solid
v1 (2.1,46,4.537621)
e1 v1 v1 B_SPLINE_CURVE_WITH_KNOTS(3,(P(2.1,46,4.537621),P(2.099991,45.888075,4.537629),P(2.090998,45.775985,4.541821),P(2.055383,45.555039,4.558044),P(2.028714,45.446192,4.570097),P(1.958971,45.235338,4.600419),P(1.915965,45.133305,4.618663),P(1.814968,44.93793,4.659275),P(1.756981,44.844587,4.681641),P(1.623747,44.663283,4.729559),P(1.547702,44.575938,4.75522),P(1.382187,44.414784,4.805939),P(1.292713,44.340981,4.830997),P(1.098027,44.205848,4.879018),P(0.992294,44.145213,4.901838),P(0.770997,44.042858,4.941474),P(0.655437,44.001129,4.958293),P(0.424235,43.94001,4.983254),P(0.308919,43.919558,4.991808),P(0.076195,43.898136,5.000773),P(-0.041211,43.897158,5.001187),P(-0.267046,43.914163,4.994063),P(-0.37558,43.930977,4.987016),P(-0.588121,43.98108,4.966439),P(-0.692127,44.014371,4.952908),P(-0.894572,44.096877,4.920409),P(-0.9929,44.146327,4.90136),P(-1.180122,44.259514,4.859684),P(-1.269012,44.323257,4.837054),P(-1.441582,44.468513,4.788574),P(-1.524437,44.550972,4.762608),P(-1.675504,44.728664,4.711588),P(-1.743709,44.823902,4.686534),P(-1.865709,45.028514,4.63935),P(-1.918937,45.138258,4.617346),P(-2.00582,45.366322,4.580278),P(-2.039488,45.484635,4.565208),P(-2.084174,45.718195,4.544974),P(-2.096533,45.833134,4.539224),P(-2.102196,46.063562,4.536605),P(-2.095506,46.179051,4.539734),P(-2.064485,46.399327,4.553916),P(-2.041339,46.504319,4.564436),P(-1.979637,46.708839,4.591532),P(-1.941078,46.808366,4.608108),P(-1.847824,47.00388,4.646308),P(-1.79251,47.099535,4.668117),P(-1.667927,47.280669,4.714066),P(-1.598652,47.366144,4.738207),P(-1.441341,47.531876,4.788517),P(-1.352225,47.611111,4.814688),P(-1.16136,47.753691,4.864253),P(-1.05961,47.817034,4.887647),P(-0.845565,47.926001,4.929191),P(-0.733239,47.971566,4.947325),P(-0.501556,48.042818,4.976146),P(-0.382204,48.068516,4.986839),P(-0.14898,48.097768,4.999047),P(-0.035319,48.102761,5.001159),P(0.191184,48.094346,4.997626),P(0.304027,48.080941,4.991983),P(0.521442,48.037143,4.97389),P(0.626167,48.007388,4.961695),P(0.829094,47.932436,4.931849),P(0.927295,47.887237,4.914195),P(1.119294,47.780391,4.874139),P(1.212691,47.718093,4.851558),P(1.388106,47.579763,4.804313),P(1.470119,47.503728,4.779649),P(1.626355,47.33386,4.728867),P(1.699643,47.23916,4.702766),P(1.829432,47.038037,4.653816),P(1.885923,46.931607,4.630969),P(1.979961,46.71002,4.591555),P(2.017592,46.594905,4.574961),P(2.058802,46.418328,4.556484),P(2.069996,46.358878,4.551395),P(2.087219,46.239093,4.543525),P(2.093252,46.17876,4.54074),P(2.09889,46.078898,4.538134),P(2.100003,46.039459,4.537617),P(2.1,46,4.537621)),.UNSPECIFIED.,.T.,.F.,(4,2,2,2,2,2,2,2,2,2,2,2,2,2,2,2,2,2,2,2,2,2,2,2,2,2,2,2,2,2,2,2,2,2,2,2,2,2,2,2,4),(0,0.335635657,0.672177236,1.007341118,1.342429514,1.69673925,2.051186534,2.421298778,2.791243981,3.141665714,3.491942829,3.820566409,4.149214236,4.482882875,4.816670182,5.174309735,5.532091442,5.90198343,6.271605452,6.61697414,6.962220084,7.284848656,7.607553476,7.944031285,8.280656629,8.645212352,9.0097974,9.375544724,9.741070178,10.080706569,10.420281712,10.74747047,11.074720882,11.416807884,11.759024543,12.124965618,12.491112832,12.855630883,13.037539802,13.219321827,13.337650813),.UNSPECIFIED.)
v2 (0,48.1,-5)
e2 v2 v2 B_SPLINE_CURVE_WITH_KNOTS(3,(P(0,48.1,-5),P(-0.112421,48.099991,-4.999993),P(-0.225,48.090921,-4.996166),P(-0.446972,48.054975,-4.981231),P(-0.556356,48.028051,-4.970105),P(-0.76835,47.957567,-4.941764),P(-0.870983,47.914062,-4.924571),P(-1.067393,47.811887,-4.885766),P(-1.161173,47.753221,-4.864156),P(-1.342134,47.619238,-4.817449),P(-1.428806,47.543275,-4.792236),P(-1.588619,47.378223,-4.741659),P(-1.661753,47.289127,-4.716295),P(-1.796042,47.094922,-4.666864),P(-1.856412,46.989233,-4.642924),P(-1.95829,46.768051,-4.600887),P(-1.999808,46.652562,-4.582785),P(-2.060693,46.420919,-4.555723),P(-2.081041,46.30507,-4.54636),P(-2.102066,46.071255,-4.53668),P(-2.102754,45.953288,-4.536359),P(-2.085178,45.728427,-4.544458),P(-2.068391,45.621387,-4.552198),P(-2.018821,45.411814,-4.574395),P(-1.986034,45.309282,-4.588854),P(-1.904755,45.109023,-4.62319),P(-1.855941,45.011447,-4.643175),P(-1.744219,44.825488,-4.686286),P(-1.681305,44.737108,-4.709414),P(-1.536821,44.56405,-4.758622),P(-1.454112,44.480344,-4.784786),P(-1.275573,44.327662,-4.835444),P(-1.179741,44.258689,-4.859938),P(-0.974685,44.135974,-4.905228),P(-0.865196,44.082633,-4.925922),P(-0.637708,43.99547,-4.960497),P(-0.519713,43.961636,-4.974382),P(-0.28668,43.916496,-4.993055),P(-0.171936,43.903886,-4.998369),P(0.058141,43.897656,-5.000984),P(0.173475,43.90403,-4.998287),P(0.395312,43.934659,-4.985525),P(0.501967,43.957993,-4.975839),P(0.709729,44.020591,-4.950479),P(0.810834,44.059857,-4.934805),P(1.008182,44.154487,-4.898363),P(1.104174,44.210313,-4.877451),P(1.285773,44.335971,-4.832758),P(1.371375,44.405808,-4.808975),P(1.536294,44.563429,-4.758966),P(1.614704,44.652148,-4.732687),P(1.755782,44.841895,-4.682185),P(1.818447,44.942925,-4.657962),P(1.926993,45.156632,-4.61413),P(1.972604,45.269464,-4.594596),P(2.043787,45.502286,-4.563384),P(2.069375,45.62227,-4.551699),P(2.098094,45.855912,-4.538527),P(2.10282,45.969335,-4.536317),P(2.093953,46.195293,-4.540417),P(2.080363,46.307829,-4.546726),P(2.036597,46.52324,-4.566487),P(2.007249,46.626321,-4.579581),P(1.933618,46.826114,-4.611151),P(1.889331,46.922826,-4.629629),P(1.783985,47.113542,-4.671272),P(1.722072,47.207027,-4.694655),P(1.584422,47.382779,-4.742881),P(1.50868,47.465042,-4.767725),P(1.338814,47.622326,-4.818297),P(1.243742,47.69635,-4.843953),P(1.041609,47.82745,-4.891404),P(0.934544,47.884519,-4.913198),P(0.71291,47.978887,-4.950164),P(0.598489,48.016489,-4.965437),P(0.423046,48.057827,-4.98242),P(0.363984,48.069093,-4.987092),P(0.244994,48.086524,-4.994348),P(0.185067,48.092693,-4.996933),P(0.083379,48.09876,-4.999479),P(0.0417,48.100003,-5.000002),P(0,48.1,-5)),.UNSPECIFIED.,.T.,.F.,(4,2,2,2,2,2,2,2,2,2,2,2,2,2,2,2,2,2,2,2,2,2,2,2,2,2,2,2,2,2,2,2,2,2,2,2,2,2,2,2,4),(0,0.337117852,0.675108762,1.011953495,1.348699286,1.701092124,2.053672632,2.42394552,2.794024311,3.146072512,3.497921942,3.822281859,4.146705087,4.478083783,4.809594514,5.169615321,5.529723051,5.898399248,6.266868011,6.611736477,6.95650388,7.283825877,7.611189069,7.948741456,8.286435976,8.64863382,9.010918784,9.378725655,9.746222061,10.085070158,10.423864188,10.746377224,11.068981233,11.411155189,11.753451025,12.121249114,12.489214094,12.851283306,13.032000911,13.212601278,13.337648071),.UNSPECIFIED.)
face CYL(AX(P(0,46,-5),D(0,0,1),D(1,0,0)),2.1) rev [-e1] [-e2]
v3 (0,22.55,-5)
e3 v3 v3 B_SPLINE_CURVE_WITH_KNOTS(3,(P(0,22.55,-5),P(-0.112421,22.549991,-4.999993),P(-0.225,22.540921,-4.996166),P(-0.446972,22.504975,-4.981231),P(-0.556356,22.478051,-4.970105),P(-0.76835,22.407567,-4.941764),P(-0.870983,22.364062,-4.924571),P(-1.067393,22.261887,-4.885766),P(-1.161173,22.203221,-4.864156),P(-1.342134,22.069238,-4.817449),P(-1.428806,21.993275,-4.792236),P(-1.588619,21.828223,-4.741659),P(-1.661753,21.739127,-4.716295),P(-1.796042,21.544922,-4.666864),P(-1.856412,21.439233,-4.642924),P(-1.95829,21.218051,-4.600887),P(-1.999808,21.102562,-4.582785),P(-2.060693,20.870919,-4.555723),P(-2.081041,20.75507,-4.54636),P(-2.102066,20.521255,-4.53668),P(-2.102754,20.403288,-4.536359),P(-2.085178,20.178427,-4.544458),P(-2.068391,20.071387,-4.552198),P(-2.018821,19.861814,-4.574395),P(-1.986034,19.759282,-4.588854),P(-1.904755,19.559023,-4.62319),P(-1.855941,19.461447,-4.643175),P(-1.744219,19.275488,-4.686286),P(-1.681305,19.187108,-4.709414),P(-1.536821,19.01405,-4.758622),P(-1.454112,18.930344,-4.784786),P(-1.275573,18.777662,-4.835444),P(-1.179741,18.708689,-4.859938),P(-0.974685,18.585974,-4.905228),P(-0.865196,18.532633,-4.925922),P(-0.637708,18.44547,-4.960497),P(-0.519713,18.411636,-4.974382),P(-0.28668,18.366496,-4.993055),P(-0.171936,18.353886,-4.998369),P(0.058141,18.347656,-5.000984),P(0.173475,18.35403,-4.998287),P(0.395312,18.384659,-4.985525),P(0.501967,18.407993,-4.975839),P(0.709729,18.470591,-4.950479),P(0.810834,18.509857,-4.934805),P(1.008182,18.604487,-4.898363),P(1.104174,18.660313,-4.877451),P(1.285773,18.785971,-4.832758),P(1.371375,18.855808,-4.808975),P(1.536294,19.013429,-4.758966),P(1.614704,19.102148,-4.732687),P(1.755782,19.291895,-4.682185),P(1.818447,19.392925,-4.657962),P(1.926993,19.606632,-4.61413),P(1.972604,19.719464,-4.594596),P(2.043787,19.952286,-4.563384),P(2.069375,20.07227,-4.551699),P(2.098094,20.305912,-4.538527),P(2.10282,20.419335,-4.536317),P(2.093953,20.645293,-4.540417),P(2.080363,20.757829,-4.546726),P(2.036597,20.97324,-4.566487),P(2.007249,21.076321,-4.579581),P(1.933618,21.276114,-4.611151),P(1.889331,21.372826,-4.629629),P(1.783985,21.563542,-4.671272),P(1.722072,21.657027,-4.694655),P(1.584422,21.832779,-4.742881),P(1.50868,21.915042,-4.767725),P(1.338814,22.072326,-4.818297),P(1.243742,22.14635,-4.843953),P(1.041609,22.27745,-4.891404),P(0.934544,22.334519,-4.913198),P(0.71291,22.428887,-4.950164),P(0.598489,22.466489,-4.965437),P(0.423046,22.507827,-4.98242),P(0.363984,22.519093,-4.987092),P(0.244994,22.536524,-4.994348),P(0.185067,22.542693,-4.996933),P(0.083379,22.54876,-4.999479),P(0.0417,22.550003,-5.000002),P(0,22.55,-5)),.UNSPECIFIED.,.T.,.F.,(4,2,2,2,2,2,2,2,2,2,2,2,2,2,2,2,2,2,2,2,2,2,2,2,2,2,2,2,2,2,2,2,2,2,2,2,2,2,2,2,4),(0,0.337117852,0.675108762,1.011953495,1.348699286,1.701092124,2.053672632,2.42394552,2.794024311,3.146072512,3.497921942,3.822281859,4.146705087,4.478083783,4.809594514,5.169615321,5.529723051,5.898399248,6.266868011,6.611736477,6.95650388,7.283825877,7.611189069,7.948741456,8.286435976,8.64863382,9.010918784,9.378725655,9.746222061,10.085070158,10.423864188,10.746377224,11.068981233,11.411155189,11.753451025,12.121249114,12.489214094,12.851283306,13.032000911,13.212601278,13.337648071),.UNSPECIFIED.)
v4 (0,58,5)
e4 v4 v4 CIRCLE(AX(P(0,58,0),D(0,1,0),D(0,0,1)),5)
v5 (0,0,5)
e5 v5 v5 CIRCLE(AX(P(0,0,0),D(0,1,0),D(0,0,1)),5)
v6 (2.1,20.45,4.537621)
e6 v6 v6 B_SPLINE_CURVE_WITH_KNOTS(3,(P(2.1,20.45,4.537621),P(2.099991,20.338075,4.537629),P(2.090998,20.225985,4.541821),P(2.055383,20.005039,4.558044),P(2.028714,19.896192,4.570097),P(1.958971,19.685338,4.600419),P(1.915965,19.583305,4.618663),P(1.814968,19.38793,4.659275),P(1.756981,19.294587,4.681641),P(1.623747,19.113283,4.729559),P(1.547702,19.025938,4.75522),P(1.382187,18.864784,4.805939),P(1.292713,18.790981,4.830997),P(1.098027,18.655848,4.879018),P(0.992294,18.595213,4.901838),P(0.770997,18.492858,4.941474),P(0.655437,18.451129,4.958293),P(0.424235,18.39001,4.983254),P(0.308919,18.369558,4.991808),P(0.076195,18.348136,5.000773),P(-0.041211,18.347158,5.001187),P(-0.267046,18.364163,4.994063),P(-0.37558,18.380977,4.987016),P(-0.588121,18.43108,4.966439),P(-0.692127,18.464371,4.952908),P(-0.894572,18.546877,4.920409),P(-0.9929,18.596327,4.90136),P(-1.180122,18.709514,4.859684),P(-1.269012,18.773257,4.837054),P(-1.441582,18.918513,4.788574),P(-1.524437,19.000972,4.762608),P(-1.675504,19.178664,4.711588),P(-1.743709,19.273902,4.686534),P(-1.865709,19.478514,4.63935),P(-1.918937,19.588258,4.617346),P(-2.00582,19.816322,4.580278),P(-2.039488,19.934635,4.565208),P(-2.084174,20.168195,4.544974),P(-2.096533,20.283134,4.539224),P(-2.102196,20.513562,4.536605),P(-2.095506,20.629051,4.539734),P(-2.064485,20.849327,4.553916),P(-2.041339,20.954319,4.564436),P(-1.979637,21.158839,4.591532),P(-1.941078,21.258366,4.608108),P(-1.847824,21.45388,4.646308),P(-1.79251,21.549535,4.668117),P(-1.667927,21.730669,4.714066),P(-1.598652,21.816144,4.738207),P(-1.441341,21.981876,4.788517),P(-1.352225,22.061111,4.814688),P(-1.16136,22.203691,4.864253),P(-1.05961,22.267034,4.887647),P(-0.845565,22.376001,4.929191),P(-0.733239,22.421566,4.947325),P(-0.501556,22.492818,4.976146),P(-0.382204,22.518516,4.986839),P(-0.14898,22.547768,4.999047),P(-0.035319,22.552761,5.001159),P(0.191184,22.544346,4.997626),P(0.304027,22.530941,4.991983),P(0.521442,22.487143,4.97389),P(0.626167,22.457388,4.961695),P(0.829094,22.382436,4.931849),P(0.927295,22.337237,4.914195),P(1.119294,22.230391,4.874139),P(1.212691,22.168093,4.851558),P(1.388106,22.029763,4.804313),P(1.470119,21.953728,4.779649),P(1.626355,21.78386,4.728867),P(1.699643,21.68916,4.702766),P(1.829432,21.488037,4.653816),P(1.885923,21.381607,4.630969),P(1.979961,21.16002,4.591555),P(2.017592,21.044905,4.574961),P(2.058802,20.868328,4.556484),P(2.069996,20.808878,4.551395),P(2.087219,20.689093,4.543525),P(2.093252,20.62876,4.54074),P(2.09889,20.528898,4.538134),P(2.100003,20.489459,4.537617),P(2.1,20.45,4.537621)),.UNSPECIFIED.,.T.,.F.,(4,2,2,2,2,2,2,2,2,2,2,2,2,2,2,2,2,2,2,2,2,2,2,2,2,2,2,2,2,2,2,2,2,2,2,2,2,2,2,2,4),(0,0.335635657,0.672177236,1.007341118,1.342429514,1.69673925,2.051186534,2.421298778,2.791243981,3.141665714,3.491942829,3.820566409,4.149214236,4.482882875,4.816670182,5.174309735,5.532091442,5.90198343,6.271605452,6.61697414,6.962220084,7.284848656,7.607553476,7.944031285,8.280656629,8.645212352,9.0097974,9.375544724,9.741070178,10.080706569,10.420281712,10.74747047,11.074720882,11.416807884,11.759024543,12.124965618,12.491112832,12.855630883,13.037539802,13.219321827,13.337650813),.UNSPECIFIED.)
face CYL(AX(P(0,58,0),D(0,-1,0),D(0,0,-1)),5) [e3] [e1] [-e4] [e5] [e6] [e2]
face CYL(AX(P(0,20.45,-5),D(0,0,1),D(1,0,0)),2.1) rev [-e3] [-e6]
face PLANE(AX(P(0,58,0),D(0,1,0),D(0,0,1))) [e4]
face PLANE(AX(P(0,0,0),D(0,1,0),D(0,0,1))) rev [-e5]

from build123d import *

# Parameters (mm, degrees)
SKETCH1_R               = 5
BOSS_EXTRUDE1_DEPTH     = 58
CUT_EXTRUDE1_DEPTH      = 59.429444632
CUT_EXTRUDE1_DEPTH_BACK = 59.429444632
SKETCH2_R               = 2.1


with BuildPart() as part:
    # Sketch1 → Boss-Extrude1 (new body)
    with BuildSketch(Plane(origin=(0, 0, 0), x_dir=(1, 0, 0), z_dir=(0, 1, 0))):
        with Locations(Location((0, 0, 0), (0, 0, 90))):
            Circle(SKETCH1_R)
    extrude(amount=BOSS_EXTRUDE1_DEPTH)

    # Sketch2 → Cut-Extrude1 (cut, two sides: drawn at the far end of the back side and taken through both)
    with BuildSketch(Plane.XY.offset(-CUT_EXTRUDE1_DEPTH_BACK)):
        with Locations(Location((0, 46, 0), (0, 0, 90))):
            Circle(SKETCH2_R)
        with Locations(Location((0, 20.45, 0), (0, 0, 90))):
            Circle(SKETCH2_R)
    extrude(amount=CUT_EXTRUDE1_DEPTH + CUT_EXTRUDE1_DEPTH_BACK, mode=Mode.SUBTRACT)


solid = part.part
